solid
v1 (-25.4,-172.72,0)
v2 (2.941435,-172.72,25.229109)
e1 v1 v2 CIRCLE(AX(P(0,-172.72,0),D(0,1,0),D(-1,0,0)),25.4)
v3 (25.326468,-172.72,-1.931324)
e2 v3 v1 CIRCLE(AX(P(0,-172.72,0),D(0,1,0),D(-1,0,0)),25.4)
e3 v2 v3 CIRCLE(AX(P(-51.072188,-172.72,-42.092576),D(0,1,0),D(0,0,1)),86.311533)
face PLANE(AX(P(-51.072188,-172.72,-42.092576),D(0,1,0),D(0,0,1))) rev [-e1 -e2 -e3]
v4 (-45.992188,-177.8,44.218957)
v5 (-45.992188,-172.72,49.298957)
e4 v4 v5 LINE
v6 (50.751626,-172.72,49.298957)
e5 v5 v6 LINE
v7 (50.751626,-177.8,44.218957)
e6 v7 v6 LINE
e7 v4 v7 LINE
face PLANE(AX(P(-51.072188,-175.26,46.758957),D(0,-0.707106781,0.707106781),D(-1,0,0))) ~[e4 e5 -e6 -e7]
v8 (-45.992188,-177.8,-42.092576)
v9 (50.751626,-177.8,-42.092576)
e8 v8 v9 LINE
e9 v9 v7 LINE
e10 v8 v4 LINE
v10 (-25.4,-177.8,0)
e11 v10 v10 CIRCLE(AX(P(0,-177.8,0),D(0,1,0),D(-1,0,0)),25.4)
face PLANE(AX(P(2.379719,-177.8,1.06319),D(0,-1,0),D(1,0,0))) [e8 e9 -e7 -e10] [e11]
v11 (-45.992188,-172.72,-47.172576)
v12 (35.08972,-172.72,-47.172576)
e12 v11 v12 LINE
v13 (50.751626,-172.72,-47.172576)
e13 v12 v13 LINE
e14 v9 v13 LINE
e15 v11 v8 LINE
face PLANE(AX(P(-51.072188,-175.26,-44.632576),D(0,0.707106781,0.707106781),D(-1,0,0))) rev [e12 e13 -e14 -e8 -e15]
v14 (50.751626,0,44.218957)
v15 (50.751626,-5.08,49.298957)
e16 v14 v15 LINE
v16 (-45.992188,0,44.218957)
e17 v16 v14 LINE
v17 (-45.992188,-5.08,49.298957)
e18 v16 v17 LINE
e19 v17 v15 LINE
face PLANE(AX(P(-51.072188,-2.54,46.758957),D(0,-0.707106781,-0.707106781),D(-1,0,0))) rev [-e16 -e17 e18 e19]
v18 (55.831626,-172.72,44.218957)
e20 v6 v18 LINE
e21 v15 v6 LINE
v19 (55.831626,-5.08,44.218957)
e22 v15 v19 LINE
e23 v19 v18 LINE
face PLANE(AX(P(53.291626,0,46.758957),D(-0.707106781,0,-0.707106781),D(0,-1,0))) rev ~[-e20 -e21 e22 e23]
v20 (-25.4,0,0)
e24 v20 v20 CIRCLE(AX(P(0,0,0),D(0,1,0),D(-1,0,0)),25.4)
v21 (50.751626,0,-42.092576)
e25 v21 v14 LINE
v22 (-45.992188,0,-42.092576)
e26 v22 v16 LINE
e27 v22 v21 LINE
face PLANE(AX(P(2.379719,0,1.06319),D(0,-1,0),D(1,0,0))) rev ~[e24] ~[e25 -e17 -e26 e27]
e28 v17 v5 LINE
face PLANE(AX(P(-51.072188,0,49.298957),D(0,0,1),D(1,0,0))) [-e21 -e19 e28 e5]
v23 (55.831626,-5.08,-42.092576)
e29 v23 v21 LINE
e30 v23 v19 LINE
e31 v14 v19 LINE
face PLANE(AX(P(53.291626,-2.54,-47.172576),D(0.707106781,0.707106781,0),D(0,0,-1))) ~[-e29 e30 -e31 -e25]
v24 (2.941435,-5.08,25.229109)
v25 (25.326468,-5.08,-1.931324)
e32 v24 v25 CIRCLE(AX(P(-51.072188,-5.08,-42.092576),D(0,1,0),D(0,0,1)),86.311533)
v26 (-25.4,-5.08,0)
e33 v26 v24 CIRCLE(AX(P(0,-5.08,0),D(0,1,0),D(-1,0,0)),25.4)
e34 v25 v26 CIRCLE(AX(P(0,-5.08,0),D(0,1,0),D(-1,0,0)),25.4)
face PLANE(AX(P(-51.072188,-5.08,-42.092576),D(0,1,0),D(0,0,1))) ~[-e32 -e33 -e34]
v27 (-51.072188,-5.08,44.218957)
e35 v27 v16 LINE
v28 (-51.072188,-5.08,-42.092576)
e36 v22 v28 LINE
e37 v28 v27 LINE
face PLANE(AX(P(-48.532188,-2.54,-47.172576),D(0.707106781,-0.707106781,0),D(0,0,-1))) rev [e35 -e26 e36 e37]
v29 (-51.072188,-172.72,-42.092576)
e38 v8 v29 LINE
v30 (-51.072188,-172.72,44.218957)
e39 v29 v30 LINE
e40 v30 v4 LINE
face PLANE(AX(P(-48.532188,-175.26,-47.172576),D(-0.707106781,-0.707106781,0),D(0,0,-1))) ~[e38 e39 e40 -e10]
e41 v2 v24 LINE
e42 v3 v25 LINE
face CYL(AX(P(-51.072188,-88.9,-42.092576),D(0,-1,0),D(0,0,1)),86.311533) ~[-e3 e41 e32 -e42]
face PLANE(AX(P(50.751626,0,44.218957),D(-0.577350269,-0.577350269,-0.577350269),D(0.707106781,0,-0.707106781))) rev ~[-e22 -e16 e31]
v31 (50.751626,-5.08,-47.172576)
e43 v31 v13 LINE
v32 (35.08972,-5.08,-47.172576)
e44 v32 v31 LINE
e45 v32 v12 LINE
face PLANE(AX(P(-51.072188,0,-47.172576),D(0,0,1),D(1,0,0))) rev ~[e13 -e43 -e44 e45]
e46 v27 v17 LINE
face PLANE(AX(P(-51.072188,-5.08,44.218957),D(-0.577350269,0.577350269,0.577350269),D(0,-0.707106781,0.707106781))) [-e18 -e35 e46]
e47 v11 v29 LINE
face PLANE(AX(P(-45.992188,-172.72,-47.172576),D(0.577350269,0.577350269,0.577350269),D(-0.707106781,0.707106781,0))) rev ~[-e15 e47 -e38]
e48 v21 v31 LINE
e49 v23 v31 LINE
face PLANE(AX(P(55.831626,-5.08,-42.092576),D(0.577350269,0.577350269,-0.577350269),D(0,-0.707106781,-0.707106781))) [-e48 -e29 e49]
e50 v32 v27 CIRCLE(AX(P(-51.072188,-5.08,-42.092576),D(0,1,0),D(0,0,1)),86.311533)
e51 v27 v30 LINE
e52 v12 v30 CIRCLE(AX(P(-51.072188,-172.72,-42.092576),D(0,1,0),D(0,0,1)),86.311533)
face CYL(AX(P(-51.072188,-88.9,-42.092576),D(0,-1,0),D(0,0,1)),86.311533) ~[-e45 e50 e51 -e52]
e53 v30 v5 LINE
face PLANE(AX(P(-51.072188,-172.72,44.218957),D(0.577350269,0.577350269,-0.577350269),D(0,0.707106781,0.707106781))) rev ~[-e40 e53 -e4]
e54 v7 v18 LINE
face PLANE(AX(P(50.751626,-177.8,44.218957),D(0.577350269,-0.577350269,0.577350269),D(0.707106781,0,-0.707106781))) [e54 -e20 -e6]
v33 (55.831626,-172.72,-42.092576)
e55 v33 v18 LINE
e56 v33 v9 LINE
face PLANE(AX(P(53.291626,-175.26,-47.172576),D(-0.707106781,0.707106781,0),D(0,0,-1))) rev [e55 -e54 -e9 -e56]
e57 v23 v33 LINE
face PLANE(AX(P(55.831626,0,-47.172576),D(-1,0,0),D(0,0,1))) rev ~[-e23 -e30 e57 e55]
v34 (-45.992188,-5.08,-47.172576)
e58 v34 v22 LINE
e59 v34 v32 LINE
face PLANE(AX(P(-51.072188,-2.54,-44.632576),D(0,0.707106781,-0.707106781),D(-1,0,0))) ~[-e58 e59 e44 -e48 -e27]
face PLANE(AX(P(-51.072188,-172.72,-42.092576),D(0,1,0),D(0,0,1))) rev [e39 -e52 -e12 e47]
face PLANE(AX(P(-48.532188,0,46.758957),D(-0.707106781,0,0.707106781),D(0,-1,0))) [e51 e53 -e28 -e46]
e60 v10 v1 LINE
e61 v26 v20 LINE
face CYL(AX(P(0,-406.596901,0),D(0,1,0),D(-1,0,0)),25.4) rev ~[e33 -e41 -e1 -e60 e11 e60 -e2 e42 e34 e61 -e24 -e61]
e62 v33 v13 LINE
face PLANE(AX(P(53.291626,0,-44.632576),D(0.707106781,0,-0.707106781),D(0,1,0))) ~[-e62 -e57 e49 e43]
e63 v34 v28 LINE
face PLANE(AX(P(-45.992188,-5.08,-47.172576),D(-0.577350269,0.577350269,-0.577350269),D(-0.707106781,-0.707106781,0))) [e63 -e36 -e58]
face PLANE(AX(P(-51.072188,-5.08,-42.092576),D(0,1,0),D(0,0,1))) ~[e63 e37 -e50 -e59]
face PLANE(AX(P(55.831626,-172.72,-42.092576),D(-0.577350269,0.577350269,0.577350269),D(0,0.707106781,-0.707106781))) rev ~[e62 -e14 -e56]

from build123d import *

# Parameters (mm, degrees)
F3_W       = 106.9038137794
F3_H       = 96.4715331793
F4_DEPTH   = 177.8
F5_SIZE    = 5.08
F1_D       = 50.8
F4_FACE1_W = 167.64
F4_FACE1_H = 86.3115331793


with BuildPart() as f4:
    # F3 (on Front) → F4 (new body)
    with BuildSketch(Plane.XZ):
        with Locations((2.3797191679, 1.0631904006)):
            Rectangle(F3_W, F3_H)
    extrude(amount=F4_DEPTH)

    # F5
    f5_edges = [f4.edges().sort_by_distance(p)[0] for p in [
        (55.831626, -88.9, 49.298957),
        (2.379719, -177.8, 49.298957),
        (-51.072188, -177.8, 1.06319),
        (2.379719, -177.8, -47.172576),
        (55.831626, -177.8, 1.06319),
        (2.379719, 0, 49.298957),
        (-51.072188, 0, 1.06319),
        (2.379719, 0, -47.172576),
        (55.831626, 0, 1.06319),
        (-51.072188, -88.9, -47.172576),
        (-51.072188, -88.9, 49.298957),
        (55.831626, -88.9, -47.172576),
    ]]
    chamfer(f5_edges, length=F5_SIZE)

    # F1 (through all)
    with Locations(Plane.XZ.offset(177.8)):
        with Locations((0, 0)):
            Hole(F1_D / 2)

    # F4_face1 (on face) → F2 (revolve)
    with BuildSketch(Plane(origin=(-51.0721877217, -88.9, 1.0631904006), x_dir=(0, -1, 0), z_dir=(-1, 0, 0))):
        Rectangle(F4_FACE1_W, F4_FACE1_H)
    revolve(axis=Axis((-51.0721877217, -88.9, -42.092576189), (0, 1, 0)))


solid = f4.part
